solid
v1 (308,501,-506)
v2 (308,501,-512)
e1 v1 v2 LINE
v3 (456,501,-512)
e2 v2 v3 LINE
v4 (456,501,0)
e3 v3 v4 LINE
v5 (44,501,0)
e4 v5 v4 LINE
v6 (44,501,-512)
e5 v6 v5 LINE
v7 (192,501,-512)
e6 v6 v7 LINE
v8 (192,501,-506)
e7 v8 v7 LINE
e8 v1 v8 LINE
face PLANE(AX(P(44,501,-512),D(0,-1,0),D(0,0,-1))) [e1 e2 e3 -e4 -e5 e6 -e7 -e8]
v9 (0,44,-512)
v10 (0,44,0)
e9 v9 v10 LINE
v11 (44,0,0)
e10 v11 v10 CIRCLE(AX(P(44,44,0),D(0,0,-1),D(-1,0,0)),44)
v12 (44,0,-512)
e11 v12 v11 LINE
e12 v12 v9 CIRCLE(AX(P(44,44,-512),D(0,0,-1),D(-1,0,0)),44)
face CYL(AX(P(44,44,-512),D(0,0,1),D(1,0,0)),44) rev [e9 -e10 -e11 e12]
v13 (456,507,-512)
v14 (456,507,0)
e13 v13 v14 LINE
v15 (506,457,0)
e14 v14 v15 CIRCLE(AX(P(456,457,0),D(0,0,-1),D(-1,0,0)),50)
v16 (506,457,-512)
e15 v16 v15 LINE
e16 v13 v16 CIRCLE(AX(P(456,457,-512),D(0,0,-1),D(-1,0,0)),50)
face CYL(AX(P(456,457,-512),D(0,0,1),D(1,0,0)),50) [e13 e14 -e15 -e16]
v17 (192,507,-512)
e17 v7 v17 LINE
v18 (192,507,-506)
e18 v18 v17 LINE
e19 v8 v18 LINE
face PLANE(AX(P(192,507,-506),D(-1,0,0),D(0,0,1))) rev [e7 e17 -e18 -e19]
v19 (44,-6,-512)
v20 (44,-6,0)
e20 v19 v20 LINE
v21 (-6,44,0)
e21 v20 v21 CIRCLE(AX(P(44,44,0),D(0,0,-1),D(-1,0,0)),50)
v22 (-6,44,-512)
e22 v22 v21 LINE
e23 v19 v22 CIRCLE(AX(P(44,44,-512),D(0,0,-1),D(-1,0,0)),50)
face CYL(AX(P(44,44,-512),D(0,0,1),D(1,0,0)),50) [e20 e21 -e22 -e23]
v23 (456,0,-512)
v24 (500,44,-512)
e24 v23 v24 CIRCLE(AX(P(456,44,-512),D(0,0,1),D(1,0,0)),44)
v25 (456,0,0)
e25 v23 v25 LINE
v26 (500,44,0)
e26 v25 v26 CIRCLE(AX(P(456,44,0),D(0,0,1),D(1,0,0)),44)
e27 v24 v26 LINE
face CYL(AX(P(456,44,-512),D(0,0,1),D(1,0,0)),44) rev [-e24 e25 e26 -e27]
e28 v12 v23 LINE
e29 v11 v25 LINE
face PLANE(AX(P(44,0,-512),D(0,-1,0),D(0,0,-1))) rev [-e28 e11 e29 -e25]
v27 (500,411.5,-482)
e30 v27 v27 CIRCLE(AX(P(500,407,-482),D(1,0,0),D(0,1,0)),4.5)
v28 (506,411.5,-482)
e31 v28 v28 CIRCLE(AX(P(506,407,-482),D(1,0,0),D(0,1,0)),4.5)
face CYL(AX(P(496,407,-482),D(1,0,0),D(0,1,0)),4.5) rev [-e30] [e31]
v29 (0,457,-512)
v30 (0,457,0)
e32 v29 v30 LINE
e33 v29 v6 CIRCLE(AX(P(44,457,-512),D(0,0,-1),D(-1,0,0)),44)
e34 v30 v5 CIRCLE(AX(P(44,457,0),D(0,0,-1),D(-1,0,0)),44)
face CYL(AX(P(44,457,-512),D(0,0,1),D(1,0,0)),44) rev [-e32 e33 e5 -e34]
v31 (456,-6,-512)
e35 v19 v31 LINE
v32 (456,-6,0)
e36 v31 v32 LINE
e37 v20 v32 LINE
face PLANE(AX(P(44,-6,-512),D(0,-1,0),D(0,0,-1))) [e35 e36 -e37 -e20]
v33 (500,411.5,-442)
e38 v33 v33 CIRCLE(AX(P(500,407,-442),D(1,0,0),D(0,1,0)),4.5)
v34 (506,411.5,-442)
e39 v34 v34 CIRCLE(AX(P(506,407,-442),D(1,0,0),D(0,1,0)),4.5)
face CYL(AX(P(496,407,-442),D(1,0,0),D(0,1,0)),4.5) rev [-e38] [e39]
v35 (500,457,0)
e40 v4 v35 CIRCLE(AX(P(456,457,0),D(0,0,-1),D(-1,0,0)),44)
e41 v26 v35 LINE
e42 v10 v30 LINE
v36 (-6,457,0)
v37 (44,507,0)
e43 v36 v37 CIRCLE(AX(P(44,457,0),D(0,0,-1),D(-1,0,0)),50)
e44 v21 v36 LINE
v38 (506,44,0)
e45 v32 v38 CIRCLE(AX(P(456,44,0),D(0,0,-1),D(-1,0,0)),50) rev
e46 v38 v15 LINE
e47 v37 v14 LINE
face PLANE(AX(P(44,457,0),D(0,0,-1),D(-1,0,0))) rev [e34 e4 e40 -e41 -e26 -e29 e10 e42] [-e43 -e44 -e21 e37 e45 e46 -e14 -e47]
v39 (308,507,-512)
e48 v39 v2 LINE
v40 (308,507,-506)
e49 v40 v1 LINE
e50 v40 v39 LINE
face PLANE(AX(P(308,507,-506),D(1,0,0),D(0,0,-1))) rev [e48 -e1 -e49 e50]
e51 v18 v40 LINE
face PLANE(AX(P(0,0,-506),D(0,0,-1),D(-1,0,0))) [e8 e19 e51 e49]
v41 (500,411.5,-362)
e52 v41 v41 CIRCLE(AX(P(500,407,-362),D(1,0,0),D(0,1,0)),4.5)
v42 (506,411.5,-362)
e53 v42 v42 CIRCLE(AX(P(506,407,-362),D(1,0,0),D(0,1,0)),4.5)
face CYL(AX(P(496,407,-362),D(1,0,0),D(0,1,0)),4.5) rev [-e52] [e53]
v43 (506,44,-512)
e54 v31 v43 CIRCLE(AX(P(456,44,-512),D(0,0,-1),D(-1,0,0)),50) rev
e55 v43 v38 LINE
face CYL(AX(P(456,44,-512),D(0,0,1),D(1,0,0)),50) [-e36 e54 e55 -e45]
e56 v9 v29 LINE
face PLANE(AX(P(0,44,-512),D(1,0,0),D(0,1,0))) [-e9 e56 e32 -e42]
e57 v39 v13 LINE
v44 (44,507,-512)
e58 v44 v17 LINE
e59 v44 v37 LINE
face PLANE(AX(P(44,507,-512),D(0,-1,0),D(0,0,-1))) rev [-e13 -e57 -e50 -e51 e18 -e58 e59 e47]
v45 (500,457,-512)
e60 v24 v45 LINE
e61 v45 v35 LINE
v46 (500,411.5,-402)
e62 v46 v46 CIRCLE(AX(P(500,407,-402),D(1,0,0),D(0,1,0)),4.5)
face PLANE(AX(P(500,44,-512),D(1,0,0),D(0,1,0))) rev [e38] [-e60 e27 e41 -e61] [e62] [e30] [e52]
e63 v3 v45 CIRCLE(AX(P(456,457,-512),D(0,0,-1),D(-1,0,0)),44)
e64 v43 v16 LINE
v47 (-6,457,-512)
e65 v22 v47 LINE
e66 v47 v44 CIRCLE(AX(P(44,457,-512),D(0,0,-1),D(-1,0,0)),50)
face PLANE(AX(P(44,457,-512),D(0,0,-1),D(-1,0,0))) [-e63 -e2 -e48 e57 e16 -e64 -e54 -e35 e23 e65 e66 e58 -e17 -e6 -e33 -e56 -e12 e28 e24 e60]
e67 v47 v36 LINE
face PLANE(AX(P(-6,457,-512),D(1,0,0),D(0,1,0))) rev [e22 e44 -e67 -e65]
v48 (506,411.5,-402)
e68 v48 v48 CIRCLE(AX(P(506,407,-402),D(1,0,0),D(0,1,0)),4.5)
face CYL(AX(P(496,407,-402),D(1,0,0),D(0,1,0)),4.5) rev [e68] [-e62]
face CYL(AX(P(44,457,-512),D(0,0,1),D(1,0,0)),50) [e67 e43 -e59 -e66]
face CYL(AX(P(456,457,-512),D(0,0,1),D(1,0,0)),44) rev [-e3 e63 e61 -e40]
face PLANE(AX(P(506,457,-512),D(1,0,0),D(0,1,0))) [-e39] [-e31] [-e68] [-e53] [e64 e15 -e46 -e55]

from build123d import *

# Parameters (mm, degrees)
EXTRUDE_THIN1_DEPTH = 512
SKETCH3_R           = 4.5
CUT_EXTRUDE1_DEPTH  = 10
LPATTERN1_COUNT     = 4
LPATTERN1_PITCH     = 40
SKETCH4_W           = 116
SKETCH4_H           = 6
CUT_EXTRUDE2_DEPTH  = 6


with BuildPart() as part:
    # Sketch1 → Extrude-Thin1 (new body)
    with BuildSketch(Plane.XY):
        with BuildLine():
            Line((44, -6), (456, -6))
            ThreePointArc((456, -6), (491.355339059, 8.644660941), (506, 44))
            Line((506, 44), (506, 457))
            ThreePointArc((506, 457), (491.355339059, 492.355339059), (456, 507))
            Line((456, 507), (44, 507))
            ThreePointArc((44, 507), (8.644660941, 492.355339059), (-6, 457))
            Line((-6, 457), (-6, 44))
            ThreePointArc((-6, 44), (8.644660941, 8.644660941), (44, -6))
        make_face()
        with BuildLine():
            Line((44, 0), (456, 0))
            ThreePointArc((456, 0), (487.112698372, 12.887301628), (500, 44))
            Line((500, 44), (500, 457))
            ThreePointArc((500, 457), (487.112698372, 488.112698372), (456, 501))
            Line((456, 501), (44, 501))
            ThreePointArc((44, 501), (12.887301628, 488.112698372), (0, 457))
            Line((0, 457), (0, 44))
            ThreePointArc((0, 44), (12.887301628, 12.887301628), (44, 0))
        make_face(mode=Mode.SUBTRACT)
    extrude(amount=-EXTRUDE_THIN1_DEPTH)

    # Sketch3 → Cut-Extrude1 (cut)
    with BuildSketch(Plane(origin=(506, 0, 0), x_dir=(0, 0, -1), z_dir=(1, 0, 0))):
        with Locations((482, 407)):
            Circle(SKETCH3_R)
    cut_extrude1 = extrude(amount=-CUT_EXTRUDE1_DEPTH, mode=Mode.SUBTRACT)

    # LPattern1: Cut-Extrude1 ×4
    with Locations(*[(0, 0, i * LPATTERN1_PITCH) for i in range(1, LPATTERN1_COUNT)]):
        add(cut_extrude1, mode=Mode.SUBTRACT)

    # Sketch4 → Cut-Extrude2 (cut)
    with BuildSketch(Plane(origin=(0, 0, -512), x_dir=(-1, 0, 0), z_dir=(0, 0, -1))):
        with Locations((-250, 504)):
            Rectangle(SKETCH4_W, SKETCH4_H)
    extrude(amount=-CUT_EXTRUDE2_DEPTH, mode=Mode.SUBTRACT)


solid = part.part
